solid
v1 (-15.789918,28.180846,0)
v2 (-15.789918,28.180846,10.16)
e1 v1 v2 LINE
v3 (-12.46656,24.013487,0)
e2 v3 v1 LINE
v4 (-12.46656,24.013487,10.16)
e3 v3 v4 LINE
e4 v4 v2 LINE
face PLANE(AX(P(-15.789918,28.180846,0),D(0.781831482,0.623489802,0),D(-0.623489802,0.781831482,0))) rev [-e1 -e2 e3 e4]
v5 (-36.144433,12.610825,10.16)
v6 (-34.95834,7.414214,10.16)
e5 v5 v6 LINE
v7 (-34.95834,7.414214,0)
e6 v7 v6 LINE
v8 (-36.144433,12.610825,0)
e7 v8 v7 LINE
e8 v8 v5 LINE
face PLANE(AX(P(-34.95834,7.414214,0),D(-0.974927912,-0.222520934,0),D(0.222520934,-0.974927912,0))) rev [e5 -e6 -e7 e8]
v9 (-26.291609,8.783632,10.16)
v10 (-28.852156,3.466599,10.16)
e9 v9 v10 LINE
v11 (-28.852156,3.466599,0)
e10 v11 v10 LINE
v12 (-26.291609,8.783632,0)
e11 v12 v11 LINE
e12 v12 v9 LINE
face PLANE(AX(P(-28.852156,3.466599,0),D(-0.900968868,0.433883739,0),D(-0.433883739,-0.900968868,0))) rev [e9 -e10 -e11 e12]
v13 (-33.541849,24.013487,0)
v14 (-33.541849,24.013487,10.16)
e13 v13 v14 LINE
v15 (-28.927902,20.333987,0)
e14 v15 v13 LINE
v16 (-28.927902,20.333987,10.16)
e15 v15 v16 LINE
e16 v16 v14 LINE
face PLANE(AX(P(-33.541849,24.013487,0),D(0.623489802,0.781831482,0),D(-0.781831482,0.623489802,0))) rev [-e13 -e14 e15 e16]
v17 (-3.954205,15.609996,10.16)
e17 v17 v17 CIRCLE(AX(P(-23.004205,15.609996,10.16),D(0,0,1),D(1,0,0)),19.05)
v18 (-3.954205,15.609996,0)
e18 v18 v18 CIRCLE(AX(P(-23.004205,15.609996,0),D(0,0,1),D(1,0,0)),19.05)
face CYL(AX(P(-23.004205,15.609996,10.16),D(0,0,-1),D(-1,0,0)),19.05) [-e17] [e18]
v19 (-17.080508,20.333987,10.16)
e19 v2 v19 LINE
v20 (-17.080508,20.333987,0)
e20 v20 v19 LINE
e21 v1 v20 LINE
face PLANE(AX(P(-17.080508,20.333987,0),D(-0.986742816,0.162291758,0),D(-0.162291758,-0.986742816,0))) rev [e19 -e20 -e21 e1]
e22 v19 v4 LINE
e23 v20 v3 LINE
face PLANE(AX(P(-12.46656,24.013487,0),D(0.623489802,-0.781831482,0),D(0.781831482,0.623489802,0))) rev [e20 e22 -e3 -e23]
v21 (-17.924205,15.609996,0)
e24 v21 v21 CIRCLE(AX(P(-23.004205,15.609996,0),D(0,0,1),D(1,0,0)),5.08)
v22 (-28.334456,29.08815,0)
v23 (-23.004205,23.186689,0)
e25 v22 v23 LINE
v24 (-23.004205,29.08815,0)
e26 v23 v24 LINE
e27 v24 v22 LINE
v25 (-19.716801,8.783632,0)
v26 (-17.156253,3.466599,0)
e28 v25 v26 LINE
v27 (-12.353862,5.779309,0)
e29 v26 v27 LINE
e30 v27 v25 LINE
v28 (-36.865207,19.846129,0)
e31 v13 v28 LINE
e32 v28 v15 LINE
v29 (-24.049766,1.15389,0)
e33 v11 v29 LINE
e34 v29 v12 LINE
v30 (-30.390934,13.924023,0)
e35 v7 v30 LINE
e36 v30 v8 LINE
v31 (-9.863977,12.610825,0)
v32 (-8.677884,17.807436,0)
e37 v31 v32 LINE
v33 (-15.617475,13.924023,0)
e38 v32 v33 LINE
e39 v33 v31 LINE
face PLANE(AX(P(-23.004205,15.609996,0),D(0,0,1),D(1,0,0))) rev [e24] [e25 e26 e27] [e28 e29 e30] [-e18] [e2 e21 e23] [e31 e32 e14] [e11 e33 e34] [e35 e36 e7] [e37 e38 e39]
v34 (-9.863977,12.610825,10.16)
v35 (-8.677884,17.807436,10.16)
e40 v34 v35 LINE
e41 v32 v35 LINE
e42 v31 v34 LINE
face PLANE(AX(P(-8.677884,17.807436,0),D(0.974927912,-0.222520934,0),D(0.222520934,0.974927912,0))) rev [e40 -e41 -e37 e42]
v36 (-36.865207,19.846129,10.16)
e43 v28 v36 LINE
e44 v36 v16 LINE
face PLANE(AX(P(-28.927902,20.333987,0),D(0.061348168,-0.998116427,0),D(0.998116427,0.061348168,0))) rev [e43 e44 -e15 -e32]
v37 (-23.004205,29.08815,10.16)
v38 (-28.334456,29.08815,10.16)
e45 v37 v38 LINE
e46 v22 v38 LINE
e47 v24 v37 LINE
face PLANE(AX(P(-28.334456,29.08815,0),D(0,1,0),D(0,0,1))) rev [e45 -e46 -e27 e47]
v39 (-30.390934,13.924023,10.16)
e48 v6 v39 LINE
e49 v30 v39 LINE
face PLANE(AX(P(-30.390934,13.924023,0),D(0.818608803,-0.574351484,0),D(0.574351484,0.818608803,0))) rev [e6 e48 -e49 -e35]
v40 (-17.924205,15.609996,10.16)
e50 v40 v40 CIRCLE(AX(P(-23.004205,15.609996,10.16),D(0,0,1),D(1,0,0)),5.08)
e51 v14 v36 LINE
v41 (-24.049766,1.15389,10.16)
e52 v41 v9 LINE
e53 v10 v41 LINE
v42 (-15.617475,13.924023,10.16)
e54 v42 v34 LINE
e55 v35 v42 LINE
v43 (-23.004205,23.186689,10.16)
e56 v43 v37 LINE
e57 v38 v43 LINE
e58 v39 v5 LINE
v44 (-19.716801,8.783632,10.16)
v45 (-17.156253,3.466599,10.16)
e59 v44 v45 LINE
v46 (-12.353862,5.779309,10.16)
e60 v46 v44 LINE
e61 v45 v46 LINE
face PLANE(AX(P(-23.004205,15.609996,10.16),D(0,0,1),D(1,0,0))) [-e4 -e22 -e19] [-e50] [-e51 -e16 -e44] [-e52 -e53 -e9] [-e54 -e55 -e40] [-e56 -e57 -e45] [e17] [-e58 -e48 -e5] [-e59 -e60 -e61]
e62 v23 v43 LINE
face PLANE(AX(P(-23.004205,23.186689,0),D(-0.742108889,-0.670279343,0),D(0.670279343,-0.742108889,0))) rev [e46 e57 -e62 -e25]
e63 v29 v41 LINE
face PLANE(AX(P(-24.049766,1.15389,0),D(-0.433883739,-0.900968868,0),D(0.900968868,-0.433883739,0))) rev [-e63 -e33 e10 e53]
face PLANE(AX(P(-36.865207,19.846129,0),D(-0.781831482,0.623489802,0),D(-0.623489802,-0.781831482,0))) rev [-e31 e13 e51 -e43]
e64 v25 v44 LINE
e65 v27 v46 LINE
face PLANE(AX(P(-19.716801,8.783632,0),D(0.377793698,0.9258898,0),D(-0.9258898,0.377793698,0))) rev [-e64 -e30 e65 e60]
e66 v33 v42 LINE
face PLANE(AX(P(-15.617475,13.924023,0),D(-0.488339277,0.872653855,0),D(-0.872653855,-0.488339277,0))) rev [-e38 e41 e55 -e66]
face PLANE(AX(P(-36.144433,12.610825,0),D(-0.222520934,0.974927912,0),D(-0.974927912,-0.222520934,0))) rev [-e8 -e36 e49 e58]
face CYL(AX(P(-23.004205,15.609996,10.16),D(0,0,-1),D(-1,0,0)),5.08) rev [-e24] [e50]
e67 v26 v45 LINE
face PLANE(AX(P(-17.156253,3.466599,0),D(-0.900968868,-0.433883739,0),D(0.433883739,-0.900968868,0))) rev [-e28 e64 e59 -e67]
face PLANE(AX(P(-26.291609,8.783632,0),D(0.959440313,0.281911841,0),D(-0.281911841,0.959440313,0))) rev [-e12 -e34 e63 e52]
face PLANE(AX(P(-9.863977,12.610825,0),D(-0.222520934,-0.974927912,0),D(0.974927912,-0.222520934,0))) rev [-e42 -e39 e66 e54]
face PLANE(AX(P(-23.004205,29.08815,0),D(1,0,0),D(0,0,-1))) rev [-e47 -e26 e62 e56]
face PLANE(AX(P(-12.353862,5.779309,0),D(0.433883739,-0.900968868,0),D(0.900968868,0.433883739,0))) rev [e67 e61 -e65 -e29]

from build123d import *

# Parameters (mm, degrees)
SKETCH1_R           = 19.05
SKETCH1_R_2         = 5.08
BOSS_EXTRUDE2_DEPTH = 10.16
CUT_EXTRUDE2_DEPTH  = 10.16


with BuildPart() as part:
    # Sketch1 → Boss-Extrude2 (new body)
    with BuildSketch(Plane.XY):
        with Locations((-23.004204789, 15.609996107)):
            Circle(SKETCH1_R)
        with Locations((-23.004204789, 15.609996107)):
            Circle(SKETCH1_R_2, mode=Mode.SUBTRACT)
    extrude(amount=BOSS_EXTRUDE2_DEPTH)

    # Sketch3 → Cut-Extrude2 (cut)
    with BuildSketch(Plane.XY.offset(10.16)):
        Polygon((-23.004204789, 23.186689095), (-28.334456331, 29.08814957), (-23.004204789, 29.08814957), align=None)
        Polygon((-12.466560086, 24.013487339), (-17.080507678, 20.333986917), (-15.789917564, 28.180845804), align=None)
        Polygon((-9.863976773, 12.61082481), (-15.617475313, 13.924023307), (-8.677884222, 17.807435817), align=None)
        Polygon((-17.156253168, 3.46659944), (-19.716800906, 8.783631603), (-12.353862471, 5.779308909), align=None)
        Polygon((-28.85215641, 3.46659944), (-26.291608673, 8.783631603), (-24.049765713, 1.153889971), align=None)
        Polygon((-36.144432805, 12.61082481), (-30.390934265, 13.924023307), (-34.958340254, 7.414213804), align=None)
        Polygon((-33.541849492, 24.013487339), (-28.9279019, 20.333986917), (-36.86520697, 19.846128875), align=None)
    extrude(amount=-CUT_EXTRUDE2_DEPTH, mode=Mode.SUBTRACT)


solid = part.part
